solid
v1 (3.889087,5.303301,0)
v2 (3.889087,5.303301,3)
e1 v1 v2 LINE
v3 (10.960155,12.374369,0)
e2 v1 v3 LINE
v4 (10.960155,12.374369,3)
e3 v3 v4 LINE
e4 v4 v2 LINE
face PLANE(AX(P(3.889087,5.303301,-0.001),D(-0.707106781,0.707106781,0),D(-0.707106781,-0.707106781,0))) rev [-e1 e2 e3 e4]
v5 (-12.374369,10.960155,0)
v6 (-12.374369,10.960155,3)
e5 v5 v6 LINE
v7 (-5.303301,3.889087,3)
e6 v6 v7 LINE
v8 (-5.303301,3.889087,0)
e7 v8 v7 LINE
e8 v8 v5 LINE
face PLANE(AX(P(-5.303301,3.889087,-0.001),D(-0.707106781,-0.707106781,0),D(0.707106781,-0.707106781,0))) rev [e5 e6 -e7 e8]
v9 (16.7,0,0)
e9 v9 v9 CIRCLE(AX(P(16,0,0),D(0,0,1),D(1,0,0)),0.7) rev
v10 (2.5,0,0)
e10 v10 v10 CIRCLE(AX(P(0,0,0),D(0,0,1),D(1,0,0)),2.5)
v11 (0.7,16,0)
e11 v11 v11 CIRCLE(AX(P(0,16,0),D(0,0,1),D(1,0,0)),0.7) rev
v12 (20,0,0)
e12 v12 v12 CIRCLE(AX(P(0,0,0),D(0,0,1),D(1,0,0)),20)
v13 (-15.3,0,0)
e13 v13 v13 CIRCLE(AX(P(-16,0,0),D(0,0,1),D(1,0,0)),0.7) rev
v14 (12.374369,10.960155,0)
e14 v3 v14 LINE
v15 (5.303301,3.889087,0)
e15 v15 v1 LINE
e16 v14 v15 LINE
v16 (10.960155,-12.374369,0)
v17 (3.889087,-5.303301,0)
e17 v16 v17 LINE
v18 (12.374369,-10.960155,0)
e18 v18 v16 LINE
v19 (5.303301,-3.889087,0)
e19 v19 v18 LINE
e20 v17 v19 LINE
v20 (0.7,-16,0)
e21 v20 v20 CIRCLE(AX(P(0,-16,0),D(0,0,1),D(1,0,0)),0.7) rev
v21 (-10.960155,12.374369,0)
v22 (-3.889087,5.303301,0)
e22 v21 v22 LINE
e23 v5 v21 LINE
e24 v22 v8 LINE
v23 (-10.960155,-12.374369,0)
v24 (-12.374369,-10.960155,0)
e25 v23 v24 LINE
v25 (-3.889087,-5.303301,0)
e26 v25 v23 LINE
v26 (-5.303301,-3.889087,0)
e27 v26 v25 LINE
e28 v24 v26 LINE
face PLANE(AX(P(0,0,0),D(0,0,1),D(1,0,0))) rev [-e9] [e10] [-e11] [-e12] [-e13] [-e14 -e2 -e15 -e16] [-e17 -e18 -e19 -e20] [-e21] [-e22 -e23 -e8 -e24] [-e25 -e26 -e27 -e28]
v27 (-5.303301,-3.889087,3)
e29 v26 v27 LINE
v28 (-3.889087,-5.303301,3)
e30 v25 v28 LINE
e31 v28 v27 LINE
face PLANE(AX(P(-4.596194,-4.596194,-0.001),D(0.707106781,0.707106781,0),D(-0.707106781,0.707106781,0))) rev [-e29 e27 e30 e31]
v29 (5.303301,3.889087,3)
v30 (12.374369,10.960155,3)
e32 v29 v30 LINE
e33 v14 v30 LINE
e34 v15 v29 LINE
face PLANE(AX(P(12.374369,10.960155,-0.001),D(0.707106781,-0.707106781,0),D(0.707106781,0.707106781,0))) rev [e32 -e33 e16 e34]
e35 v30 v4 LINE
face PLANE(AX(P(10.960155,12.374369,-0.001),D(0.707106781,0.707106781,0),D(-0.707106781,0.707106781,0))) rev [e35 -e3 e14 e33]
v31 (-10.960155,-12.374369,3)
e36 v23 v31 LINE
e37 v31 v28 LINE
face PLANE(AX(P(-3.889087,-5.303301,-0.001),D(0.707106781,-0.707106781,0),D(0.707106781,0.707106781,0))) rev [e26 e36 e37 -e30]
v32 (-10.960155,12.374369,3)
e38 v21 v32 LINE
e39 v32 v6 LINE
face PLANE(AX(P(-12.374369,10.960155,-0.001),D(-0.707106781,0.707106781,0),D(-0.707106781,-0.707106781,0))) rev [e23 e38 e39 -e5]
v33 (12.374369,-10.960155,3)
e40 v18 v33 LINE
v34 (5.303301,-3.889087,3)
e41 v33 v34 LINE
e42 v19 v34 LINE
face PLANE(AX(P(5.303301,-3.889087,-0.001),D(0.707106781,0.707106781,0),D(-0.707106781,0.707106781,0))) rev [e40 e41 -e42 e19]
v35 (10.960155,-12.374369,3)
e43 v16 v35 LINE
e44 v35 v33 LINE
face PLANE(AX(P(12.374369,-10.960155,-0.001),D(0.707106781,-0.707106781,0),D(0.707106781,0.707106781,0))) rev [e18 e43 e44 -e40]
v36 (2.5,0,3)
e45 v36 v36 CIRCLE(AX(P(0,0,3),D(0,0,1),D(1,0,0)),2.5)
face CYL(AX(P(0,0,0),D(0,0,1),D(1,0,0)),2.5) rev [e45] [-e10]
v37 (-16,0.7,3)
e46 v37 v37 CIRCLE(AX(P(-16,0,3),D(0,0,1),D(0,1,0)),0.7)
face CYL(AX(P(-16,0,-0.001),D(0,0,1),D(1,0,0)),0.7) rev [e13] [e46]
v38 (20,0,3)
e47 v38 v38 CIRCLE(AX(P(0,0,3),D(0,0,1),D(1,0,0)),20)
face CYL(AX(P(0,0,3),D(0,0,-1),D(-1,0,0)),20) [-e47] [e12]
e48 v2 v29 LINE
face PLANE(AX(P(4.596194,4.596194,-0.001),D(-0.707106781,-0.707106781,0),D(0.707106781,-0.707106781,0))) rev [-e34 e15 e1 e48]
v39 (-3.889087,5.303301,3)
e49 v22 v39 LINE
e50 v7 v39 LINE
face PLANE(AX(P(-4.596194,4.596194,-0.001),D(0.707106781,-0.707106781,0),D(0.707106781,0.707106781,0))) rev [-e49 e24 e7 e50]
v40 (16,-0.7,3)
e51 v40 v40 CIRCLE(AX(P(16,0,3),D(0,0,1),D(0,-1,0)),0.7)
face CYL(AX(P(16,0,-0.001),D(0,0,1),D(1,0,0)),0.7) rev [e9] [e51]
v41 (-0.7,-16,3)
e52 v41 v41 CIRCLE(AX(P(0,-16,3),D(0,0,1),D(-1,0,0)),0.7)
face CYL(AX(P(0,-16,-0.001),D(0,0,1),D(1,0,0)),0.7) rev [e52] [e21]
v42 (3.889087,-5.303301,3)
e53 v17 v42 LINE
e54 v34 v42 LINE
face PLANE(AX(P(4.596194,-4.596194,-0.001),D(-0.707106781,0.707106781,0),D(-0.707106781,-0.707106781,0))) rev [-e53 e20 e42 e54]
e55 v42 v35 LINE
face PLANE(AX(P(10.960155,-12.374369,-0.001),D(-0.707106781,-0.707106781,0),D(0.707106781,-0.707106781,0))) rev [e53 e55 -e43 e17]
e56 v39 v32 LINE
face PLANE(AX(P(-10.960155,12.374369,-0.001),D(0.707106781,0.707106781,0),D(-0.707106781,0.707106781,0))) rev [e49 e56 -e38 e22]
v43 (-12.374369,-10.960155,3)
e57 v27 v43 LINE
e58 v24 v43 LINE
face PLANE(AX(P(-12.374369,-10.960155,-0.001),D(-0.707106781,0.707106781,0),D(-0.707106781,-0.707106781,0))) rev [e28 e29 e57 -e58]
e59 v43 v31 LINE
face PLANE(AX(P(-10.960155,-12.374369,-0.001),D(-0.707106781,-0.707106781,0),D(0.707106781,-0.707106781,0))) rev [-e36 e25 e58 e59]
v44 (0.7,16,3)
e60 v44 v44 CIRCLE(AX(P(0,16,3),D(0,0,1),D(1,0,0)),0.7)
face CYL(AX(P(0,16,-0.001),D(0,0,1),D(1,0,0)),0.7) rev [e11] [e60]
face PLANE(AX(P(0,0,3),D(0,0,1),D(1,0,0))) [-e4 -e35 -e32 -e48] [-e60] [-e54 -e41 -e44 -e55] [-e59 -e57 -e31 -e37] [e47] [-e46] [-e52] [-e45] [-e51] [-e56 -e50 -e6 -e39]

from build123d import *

# Parameters (mm, degrees)
SKETCH_1_R               = 20
EXTRUDE_1_DEPTH          = 3
SKETCH_2_R               = 0.7
CUT_EXTRUDE_1_DEPTH      = 3
PATTERN_CIRCULAR_2_COUNT = 4
SKETCH_4_R               = 2.5
CUT_EXTRUDE_3_DEPTH      = 3
CUT_EXTRUDE_4_DEPTH      = 3
PATTERN_CIRCULAR_4_COUNT = 4


with BuildPart() as part:
    # ｽｹｯﾁ1 → ﾎﾞｽ - 押し出し1 (new body)
    with BuildSketch(Plane.XY):
        Circle(SKETCH_1_R)
    extrude(amount=EXTRUDE_1_DEPTH)

    # ｽｹｯﾁ2 → ｶｯﾄ - 押し出し1 (cut)
    with BuildSketch(Plane.XY.offset(3)):
        with Locations((0, 16)):
            Circle(SKETCH_2_R)
    cut_extrude_1 = extrude(amount=-CUT_EXTRUDE_1_DEPTH, mode=Mode.SUBTRACT)

    # 円形ﾊﾟﾀｰﾝ2: ｶｯﾄ - 押し出し1 ×4 about axis
    pattern_circular_2_axis = Axis((0, 0, 0), (0, 0, 1))
    for i in range(1, PATTERN_CIRCULAR_2_COUNT):
        add(cut_extrude_1.rotate(pattern_circular_2_axis, i * 360 / PATTERN_CIRCULAR_2_COUNT), mode=Mode.SUBTRACT)

    # ｽｹｯﾁ4 → ｶｯﾄ - 押し出し3 (cut)
    with BuildSketch(Plane.XY.offset(3)):
        Circle(SKETCH_4_R)
    extrude(amount=-CUT_EXTRUDE_3_DEPTH, mode=Mode.SUBTRACT)

    # ｽｹｯﾁ5 → ｶｯﾄ - 押し出し4 (cut)
    with BuildSketch(Plane.XY.offset(3)):
        Polygon((4.596194078, 4.596194078), (3.889087297, 5.303300859), (10.960155108, 12.374368671), (12.374368671, 10.960155108), (5.303300859, 3.889087297), align=None)
    cut_extrude_4 = extrude(amount=-CUT_EXTRUDE_4_DEPTH, mode=Mode.SUBTRACT)

    # 円形ﾊﾟﾀｰﾝ4: ｶｯﾄ - 押し出し4 ×4 about axis
    pattern_circular_4_axis = Axis((0, 0, 0), (0, 0, 1))
    for i in range(1, PATTERN_CIRCULAR_4_COUNT):
        add(cut_extrude_4.rotate(pattern_circular_4_axis, i * 360 / PATTERN_CIRCULAR_4_COUNT), mode=Mode.SUBTRACT)


solid = part.part
